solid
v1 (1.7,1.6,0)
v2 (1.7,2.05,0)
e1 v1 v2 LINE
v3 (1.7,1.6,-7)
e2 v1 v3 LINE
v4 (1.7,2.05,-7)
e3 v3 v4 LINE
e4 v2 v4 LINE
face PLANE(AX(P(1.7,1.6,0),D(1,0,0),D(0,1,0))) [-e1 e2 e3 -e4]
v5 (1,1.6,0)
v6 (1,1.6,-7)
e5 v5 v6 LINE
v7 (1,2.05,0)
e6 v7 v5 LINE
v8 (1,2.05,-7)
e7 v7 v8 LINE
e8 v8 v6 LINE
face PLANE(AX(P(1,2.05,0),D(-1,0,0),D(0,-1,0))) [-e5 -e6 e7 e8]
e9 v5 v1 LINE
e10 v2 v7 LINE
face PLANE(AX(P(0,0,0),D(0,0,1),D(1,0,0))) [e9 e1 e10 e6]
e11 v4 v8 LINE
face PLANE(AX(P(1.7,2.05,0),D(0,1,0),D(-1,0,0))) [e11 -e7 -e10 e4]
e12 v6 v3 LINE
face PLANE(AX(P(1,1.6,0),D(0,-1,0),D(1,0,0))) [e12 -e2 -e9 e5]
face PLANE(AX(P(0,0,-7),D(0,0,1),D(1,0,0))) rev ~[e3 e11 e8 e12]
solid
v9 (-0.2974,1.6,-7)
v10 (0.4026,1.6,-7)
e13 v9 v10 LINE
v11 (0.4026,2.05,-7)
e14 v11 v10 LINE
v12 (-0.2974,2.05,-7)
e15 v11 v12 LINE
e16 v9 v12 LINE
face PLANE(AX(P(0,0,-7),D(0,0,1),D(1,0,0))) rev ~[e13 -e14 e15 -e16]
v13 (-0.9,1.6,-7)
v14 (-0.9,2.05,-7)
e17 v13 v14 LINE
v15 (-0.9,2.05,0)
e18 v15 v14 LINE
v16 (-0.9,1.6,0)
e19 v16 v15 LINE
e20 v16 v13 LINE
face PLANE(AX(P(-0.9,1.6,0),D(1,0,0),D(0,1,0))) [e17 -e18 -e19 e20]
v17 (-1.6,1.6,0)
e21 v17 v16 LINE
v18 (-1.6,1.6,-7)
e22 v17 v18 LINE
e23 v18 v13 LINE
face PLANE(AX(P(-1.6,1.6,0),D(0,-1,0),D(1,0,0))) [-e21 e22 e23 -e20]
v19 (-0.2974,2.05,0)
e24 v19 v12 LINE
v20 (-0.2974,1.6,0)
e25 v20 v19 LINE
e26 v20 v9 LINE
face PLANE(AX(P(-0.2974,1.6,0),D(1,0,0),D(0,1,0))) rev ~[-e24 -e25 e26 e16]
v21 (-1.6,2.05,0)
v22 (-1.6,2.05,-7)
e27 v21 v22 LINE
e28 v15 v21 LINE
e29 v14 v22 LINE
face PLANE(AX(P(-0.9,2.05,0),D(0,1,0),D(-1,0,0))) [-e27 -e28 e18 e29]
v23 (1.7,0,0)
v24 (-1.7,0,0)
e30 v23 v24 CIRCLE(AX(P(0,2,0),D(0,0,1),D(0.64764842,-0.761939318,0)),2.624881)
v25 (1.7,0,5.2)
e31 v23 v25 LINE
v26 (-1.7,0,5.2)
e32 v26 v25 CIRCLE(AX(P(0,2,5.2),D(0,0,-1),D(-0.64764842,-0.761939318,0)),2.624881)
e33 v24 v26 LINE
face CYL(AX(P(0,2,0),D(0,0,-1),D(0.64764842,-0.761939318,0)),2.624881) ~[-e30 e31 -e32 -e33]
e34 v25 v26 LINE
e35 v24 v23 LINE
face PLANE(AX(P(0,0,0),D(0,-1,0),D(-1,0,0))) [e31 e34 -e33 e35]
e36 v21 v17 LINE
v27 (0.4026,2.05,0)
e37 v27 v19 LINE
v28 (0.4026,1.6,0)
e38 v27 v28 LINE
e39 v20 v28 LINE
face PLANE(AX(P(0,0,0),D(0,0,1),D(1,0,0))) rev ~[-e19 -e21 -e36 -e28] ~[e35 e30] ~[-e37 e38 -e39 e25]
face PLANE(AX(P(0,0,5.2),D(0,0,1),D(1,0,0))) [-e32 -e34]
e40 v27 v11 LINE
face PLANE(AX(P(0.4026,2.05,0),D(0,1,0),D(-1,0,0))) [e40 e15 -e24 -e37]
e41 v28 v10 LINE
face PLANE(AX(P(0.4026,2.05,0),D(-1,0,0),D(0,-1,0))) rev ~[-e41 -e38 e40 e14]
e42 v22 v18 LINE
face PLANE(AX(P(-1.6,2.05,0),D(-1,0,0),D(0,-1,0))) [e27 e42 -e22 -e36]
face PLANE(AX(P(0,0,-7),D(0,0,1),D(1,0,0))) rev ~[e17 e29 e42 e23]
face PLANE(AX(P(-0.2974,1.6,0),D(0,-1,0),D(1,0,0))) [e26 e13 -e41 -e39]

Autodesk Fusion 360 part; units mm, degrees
sketch "Sketch1" plane through (0, 0, 0) normal (0, 0, 1) x (1, 0, 0)
  line L0 (0, 0) -> (-1.725, 0)
  line L1 (-1.725, 0) -> (-1.725, 0.0215)
  line L2 (1.725, 0) -> (1.725, 0.0215)
  line L3 (0, 0) -> (1.725, 0)
  arc A0 (1.7, 0) -> (-1.7, 0) centre (0, 2) ccw
  line L4 (-1.6, 1.6) -> (1.7, 1.6)
  line L5 (1.7, 1.6) -> (1.7, 2.05)
  line L6 (1.7, 2.05) -> (-1.6, 2.05)
  line L7 (-1.6, 2.05) -> (-1.6, 1.6)
  line L8 (-1.6, 1.6) -> (-0.9, 1.6)
  line L9 (-0.9, 1.6) -> (-0.9, 2.05)
  line L10 (-0.9, 2.05) -> (-1.6, 2.05)
  line L11 (-1.6, 2.05) -> (-1.6, 1.6)
  line L12 (1.7, 2.05) -> (1, 2.05)
  line L13 (1, 2.05) -> (1, 1.6)
  line L14 (1, 1.6) -> (1.7, 1.6)
  line L15 (1.7, 1.6) -> (1.7, 2.05)
  line L16 (-0.2974, 2.05) -> (0.4026, 2.05)
  line L17 (0.4026, 2.05) -> (0.4026, 1.6)
  line L18 (0.4026, 1.6) -> (-0.2974, 1.6)
  line L19 (-0.2974, 1.6) -> (-0.2974, 2.05)
  dimension "d7" = 3.3
  dimension "d8" = 0.45
  dimension "d9" = 0.7
  dimension "d10" = 0.7
  dimension "d11" = 0.7
extrude "Extrude2" add sketch "Sketch1" against normal blind 7 contours L4 L5 L6 L12 L13 L14 L15 makes body 1
extrude "Extrude1" add sketch "Sketch1" along normal blind 5.2 separate body contours L0 L3 A0 | L4 L6 L7 L8 L9 L10 L11 | L4 L6 L9 L19 | L4 L6 L16 L17 L18 L19 | L4 L6 L13 L17 | L4 L5 L6 L12 L13 L14 L15 makes body 2
extrude "Extrude3" add sketch "Sketch1" against normal blind 7 contours L4 L6 L16 L17 L18 L19 bodies 2
extrude "Extrude4" add sketch "Sketch1" against normal blind 7 contours L4 L6 L7 L8 L9 L10 L11 bodies 2
sketch "Sketch2" plane through (0, 0, 0) normal (0, -1, 0) x (1, 0, 0)
  line L0 (-1.7, 0) -> (1.7, 0)
  line L1 (1.7, 0) -> (1.7, 5.2)
  line L2 (1.7, 5.2) -> (-1.7, 5.2)
  line L3 (-1.7, 5.2) -> (-1.7, 0)
  line L4 (-1.3801, 3.7908) -> (-1.3801, 4.4908)
  line L5 (-1.3801, 4.4908) -> (-1.1175, 4.4908)
  spline S0 degree 2 poles (-1.1175, 4.4908) (-1.0373, 4.4908) (-0.9888, 4.4696) knots 0 0 0 1 1 1
  spline S1 degree 2 poles (-0.9888, 4.4696) (-0.9403, 4.4483) (-0.9129, 4.4042) knots 0 0 0 1 1 1
  spline S2 degree 2 poles (-0.9129, 4.4042) (-0.8854, 4.36) (-0.8854, 4.3118) knots 0 0 0 1 1 1
  spline S3 degree 2 poles (-0.8854, 4.3118) (-0.8854, 4.2669) (-0.9098, 4.2273) knots 0 0 0 1 1 1
  spline S4 degree 2 poles (-0.9098, 4.2273) (-0.9341, 4.1876) (-0.9833, 4.1633) knots 0 0 0 1 1 1
  spline S5 degree 2 poles (-0.9833, 4.1633) (-0.9198, 4.1447) (-0.8857, 4.0998) knots 0 0 0 1 1 1
  spline S6 degree 2 poles (-0.8857, 4.0998) (-0.8515, 4.0549) (-0.8515, 3.9938) knots 0 0 0 1 1 1
  spline S7 degree 2 poles (-0.8515, 3.9938) (-0.8515, 3.9446) (-0.8723, 3.9023) knots 0 0 0 1 1 1
  spline S8 degree 2 poles (-0.8723, 3.9023) (-0.8931, 3.8601) (-0.9236, 3.8372) knots 0 0 0 1 1 1
  spline S9 degree 2 poles (-0.9236, 3.8372) (-0.9542, 3.8142) (-1.0003, 3.8025) knots 0 0 0 1 1 1
  spline S10 degree 2 poles (-1.0003, 3.8025) (-1.0463, 3.7908) (-1.1132, 3.7908) knots 0 0 0 1 1 1
  line L6 (-1.1132, 3.7908) -> (-1.3801, 3.7908)
  line L7 (-1.2875, 4.1967) -> (-1.1361, 4.1967)
  spline S11 degree 2 poles (-1.1361, 4.1967) (-1.0745, 4.1967) (-1.0478, 4.2048) knots 0 0 0 1 1 1
  spline S12 degree 2 poles (-1.0478, 4.2048) (-1.0124, 4.2153) (-0.9945, 4.2397) knots 0 0 0 1 1 1
  spline S13 degree 2 poles (-0.9945, 4.2397) (-0.9766, 4.264) (-0.9766, 4.3008) knots 0 0 0 1 1 1
  spline S14 degree 2 poles (-0.9766, 4.3008) (-0.9766, 4.3357) (-0.9933, 4.3622) knots 0 0 0 1 1 1
  spline S15 degree 2 poles (-0.9933, 4.3622) (-1.01, 4.3887) (-1.0411, 4.3984) knots 0 0 0 1 1 1
  spline S16 degree 2 poles (-1.0411, 4.3984) (-1.0721, 4.4082) (-1.1476, 4.4082) knots 0 0 0 1 1 1
  line L8 (-1.1476, 4.4082) -> (-1.2875, 4.4082)
  line L9 (-1.2875, 4.4082) -> (-1.2875, 4.1967)
  line L10 (-1.2875, 3.8734) -> (-1.1132, 3.8734)
  spline S17 degree 2 poles (-1.1132, 3.8734) (-1.0683, 3.8734) (-1.0502, 3.8768) knots 0 0 0 1 1 1
  spline S18 degree 2 poles (-1.0502, 3.8768) (-1.0182, 3.8825) (-0.9967, 3.8959) knots 0 0 0 1 1 1
  spline S19 degree 2 poles (-0.9967, 3.8959) (-0.9752, 3.9093) (-0.9613, 3.9348) knots 0 0 0 1 1 1
  spline S20 degree 2 poles (-0.9613, 3.9348) (-0.9475, 3.9603) (-0.9475, 3.9938) knots 0 0 0 1 1 1
  spline S21 degree 2 poles (-0.9475, 3.9938) (-0.9475, 4.0329) (-0.9676, 4.0618) knots 0 0 0 1 1 1
  spline S22 degree 2 poles (-0.9676, 4.0618) (-0.9876, 4.0907) (-1.0232, 4.1024) knots 0 0 0 1 1 1
  spline S23 degree 2 poles (-1.0232, 4.1024) (-1.0588, 4.1141) (-1.1256, 4.1141) knots 0 0 0 1 1 1
  line L11 (-1.1256, 4.1141) -> (-1.2875, 4.1141)
  line L12 (-1.2875, 4.1141) -> (-1.2875, 3.8734)
  line L13 (-0.2246, 4.0363) -> (-0.1319, 4.0129)
  spline S24 degree 2 poles (-0.1319, 4.0129) (-0.1611, 3.8988) (-0.2368, 3.8388) knots 0 0 0 1 1 1
  spline S25 degree 2 poles (-0.2368, 3.8388) (-0.3124, 3.7789) (-0.4218, 3.7789) knots 0 0 0 1 1 1
  spline S26 degree 2 poles (-0.4218, 3.7789) (-0.5349, 3.7789) (-0.6059, 3.825) knots 0 0 0 1 1 1
  spline S27 degree 2 poles (-0.6059, 3.825) (-0.6768, 3.8711) (-0.7138, 3.9584) knots 0 0 0 1 1 1
  spline S28 degree 2 poles (-0.7138, 3.9584) (-0.7508, 4.0458) (-0.7508, 4.1461) knots 0 0 0 1 1 1
  spline S29 degree 2 poles (-0.7508, 4.1461) (-0.7508, 4.2554) (-0.709, 4.3368) knots 0 0 0 1 1 1
  spline S30 degree 2 poles (-0.709, 4.3368) (-0.6672, 4.4183) (-0.5901, 4.4605) knots 0 0 0 1 1 1
  spline S31 degree 2 poles (-0.5901, 4.4605) (-0.513, 4.5028) (-0.4203, 4.5028) knots 0 0 0 1 1 1
  spline S32 degree 2 poles (-0.4203, 4.5028) (-0.3153, 4.5028) (-0.2437, 4.4493) knots 0 0 0 1 1 1
  spline S33 degree 2 poles (-0.2437, 4.4493) (-0.1721, 4.3958) (-0.1439, 4.2989) knots 0 0 0 1 1 1
  line L14 (-0.1439, 4.2989) -> (-0.2351, 4.2774)
  spline S34 degree 2 poles (-0.2351, 4.2774) (-0.2594, 4.3538) (-0.3058, 4.3887) knots 0 0 0 1 1 1
  spline S35 degree 2 poles (-0.3058, 4.3887) (-0.3521, 4.4235) (-0.4223, 4.4235) knots 0 0 0 1 1 1
  spline S36 degree 2 poles (-0.4223, 4.4235) (-0.503, 4.4235) (-0.5571, 4.3848) knots 0 0 0 1 1 1
  spline S37 degree 2 poles (-0.5571, 4.3848) (-0.6113, 4.3462) (-0.6333, 4.281) knots 0 0 0 1 1 1
  spline S38 degree 2 poles (-0.6333, 4.281) (-0.6553, 4.2158) (-0.6553, 4.1466) knots 0 0 0 1 1 1
  spline S39 degree 2 poles (-0.6553, 4.1466) (-0.6553, 4.0573) (-0.6292, 3.9907) knots 0 0 0 1 1 1
  spline S40 degree 2 poles (-0.6292, 3.9907) (-0.6032, 3.9241) (-0.5483, 3.8911) knots 0 0 0 1 1 1
  spline S41 degree 2 poles (-0.5483, 3.8911) (-0.4934, 3.8582) (-0.4294, 3.8582) knots 0 0 0 1 1 1
  spline S42 degree 2 poles (-0.4294, 3.8582) (-0.3516, 3.8582) (-0.2976, 3.903) knots 0 0 0 1 1 1
  spline S43 degree 2 poles (-0.2976, 3.903) (-0.2437, 3.9479) (-0.2246, 4.0363) knots 0 0 0 1 1 1
  line L15 (-0.0522, 3.9756) -> (0.0337, 3.9871)
  spline S44 degree 2 poles (0.0337, 3.9871) (0.0485, 3.914) (0.0841, 3.8818) knots 0 0 0 1 1 1
  spline S45 degree 2 poles (0.0841, 3.8818) (0.1197, 3.8496) (0.1708, 3.8496) knots 0 0 0 1 1 1
  spline S46 degree 2 poles (0.1708, 3.8496) (0.2314, 3.8496) (0.2732, 3.8916) knots 0 0 0 1 1 1
  spline S47 degree 2 poles (0.2732, 3.8916) (0.315, 3.9336) (0.315, 3.9957) knots 0 0 0 1 1 1
  spline S48 degree 2 poles (0.315, 3.9957) (0.315, 4.0549) (0.2763, 4.0933) knots 0 0 0 1 1 1
  spline S49 degree 2 poles (0.2763, 4.0933) (0.2376, 4.1318) (0.1779, 4.1318) knots 0 0 0 1 1 1
  spline S50 degree 2 poles (0.1779, 4.1318) (0.1536, 4.1318) (0.1173, 4.1222) knots 0 0 0 1 1 1
  line L16 (0.1173, 4.1222) -> (0.1269, 4.1977)
  spline S51 degree 2 poles (0.1269, 4.1977) (0.1355, 4.1967) (0.1407, 4.1967) knots 0 0 0 1 1 1
  spline S52 degree 2 poles (0.1407, 4.1967) (0.1956, 4.1967) (0.2395, 4.2254) knots 0 0 0 1 1 1
  spline S53 degree 2 poles (0.2395, 4.2254) (0.2835, 4.254) (0.2835, 4.3137) knots 0 0 0 1 1 1
  spline S54 degree 2 poles (0.2835, 4.3137) (0.2835, 4.361) (0.2515, 4.392) knots 0 0 0 1 1 1
  spline S55 degree 2 poles (0.2515, 4.392) (0.2195, 4.423) (0.1689, 4.423) knots 0 0 0 1 1 1
  spline S56 degree 2 poles (0.1689, 4.423) (0.1187, 4.423) (0.0853, 4.3915) knots 0 0 0 1 1 1
  spline S57 degree 2 poles (0.0853, 4.3915) (0.0519, 4.36) (0.0423, 4.297) knots 0 0 0 1 1 1
  line L17 (0.0423, 4.297) -> (-0.0436, 4.3123)
  spline S58 degree 2 poles (-0.0436, 4.3123) (-0.0279, 4.3987) (0.028, 4.4462) knots 0 0 0 1 1 1
  spline S59 degree 2 poles (0.028, 4.4462) (0.0839, 4.4937) (0.167, 4.4937) knots 0 0 0 1 1 1
  spline S60 degree 2 poles (0.167, 4.4937) (0.2243, 4.4937) (0.2725, 4.4691) knots 0 0 0 1 1 1
  spline S61 degree 2 poles (0.2725, 4.4691) (0.3207, 4.4445) (0.3463, 4.402) knots 0 0 0 1 1 1
  spline S62 degree 2 poles (0.3463, 4.402) (0.3718, 4.3595) (0.3718, 4.3118) knots 0 0 0 1 1 1
  spline S63 degree 2 poles (0.3718, 4.3118) (0.3718, 4.2664) (0.3475, 4.2292) knots 0 0 0 1 1 1
  spline S64 degree 2 poles (0.3475, 4.2292) (0.3231, 4.1919) (0.2754, 4.17) knots 0 0 0 1 1 1
  spline S65 degree 2 poles (0.2754, 4.17) (0.3374, 4.1556) (0.3718, 4.1105) knots 0 0 0 1 1 1
  spline S66 degree 2 poles (0.3718, 4.1105) (0.4062, 4.0654) (0.4062, 3.9976) knots 0 0 0 1 1 1
  spline S67 degree 2 poles (0.4062, 3.9976) (0.4062, 3.9059) (0.3393, 3.8422) knots 0 0 0 1 1 1
  spline S68 degree 2 poles (0.3393, 3.8422) (0.2725, 3.7784) (0.1703, 3.7784) knots 0 0 0 1 1 1
  spline S69 degree 2 poles (0.1703, 3.7784) (0.0782, 3.7784) (0.0173, 3.8333) knots 0 0 0 1 1 1
  spline S70 degree 2 poles (0.0173, 3.8333) (-0.0436, 3.8882) (-0.0522, 3.9756) knots 0 0 0 1 1 1
  line L18 (0.4917, 3.9756) -> (0.5776, 3.9871)
  spline S71 degree 2 poles (0.5776, 3.9871) (0.5924, 3.914) (0.628, 3.8818) knots 0 0 0 1 1 1
  spline S72 degree 2 poles (0.628, 3.8818) (0.6636, 3.8496) (0.7146, 3.8496) knots 0 0 0 1 1 1
  spline S73 degree 2 poles (0.7146, 3.8496) (0.7753, 3.8496) (0.8171, 3.8916) knots 0 0 0 1 1 1
  spline S74 degree 2 poles (0.8171, 3.8916) (0.8588, 3.9336) (0.8588, 3.9957) knots 0 0 0 1 1 1
  spline S75 degree 2 poles (0.8588, 3.9957) (0.8588, 4.0549) (0.8202, 4.0933) knots 0 0 0 1 1 1
  spline S76 degree 2 poles (0.8202, 4.0933) (0.7815, 4.1318) (0.7218, 4.1318) knots 0 0 0 1 1 1
  spline S77 degree 2 poles (0.7218, 4.1318) (0.6975, 4.1318) (0.6612, 4.1222) knots 0 0 0 1 1 1
  line L19 (0.6612, 4.1222) -> (0.6707, 4.1977)
  spline S78 degree 2 poles (0.6707, 4.1977) (0.6793, 4.1967) (0.6846, 4.1967) knots 0 0 0 1 1 1
  spline S79 degree 2 poles (0.6846, 4.1967) (0.7395, 4.1967) (0.7834, 4.2254) knots 0 0 0 1 1 1
  spline S80 degree 2 poles (0.7834, 4.2254) (0.8273, 4.254) (0.8273, 4.3137) knots 0 0 0 1 1 1
  spline S81 degree 2 poles (0.8273, 4.3137) (0.8273, 4.361) (0.7953, 4.392) knots 0 0 0 1 1 1
  spline S82 degree 2 poles (0.7953, 4.392) (0.7633, 4.423) (0.7127, 4.423) knots 0 0 0 1 1 1
  spline S83 degree 2 poles (0.7127, 4.423) (0.6626, 4.423) (0.6292, 4.3915) knots 0 0 0 1 1 1
  spline S84 degree 2 poles (0.6292, 4.3915) (0.5958, 4.36) (0.5862, 4.297) knots 0 0 0 1 1 1
  line L20 (0.5862, 4.297) -> (0.5003, 4.3123)
  spline S85 degree 2 poles (0.5003, 4.3123) (0.516, 4.3987) (0.5719, 4.4462) knots 0 0 0 1 1 1
  spline S86 degree 2 poles (0.5719, 4.4462) (0.6277, 4.4937) (0.7108, 4.4937) knots 0 0 0 1 1 1
  spline S87 degree 2 poles (0.7108, 4.4937) (0.7681, 4.4937) (0.8164, 4.4691) knots 0 0 0 1 1 1
  spline S88 degree 2 poles (0.8164, 4.4691) (0.8646, 4.4445) (0.8901, 4.402) knots 0 0 0 1 1 1
  spline S89 degree 2 poles (0.8901, 4.402) (0.9157, 4.3595) (0.9157, 4.3118) knots 0 0 0 1 1 1
  spline S90 degree 2 poles (0.9157, 4.3118) (0.9157, 4.2664) (0.8913, 4.2292) knots 0 0 0 1 1 1
  spline S91 degree 2 poles (0.8913, 4.2292) (0.867, 4.1919) (0.8192, 4.17) knots 0 0 0 1 1 1
  spline S92 degree 2 poles (0.8192, 4.17) (0.8813, 4.1556) (0.9157, 4.1105) knots 0 0 0 1 1 1
  spline S93 degree 2 poles (0.9157, 4.1105) (0.95, 4.0654) (0.95, 3.9976) knots 0 0 0 1 1 1
  spline S94 degree 2 poles (0.95, 3.9976) (0.95, 3.9059) (0.8832, 3.8422) knots 0 0 0 1 1 1
  spline S95 degree 2 poles (0.8832, 3.8422) (0.8164, 3.7784) (0.7142, 3.7784) knots 0 0 0 1 1 1
  spline S96 degree 2 poles (0.7142, 3.7784) (0.622, 3.7784) (0.5611, 3.8333) knots 0 0 0 1 1 1
  spline S97 degree 2 poles (0.5611, 3.8333) (0.5003, 3.8882) (0.4917, 3.9756) knots 0 0 0 1 1 1
  line L21 (1.0408, 4.3992) -> (1.0408, 4.4818)
  line L22 (1.0408, 4.4818) -> (1.4939, 4.4818)
  line L23 (1.4939, 4.4818) -> (1.4939, 4.4149)
  spline S98 degree 2 poles (1.4939, 4.4149) (1.4271, 4.3438) (1.3614, 4.2258) knots 0 0 0 1 1 1
  spline S99 degree 2 poles (1.3614, 4.2258) (1.2958, 4.1079) (1.2599, 3.9833) knots 0 0 0 1 1 1
  spline S100 degree 2 poles (1.2599, 3.9833) (1.2342, 3.8954) (1.227, 3.7908) knots 0 0 0 1 1 1
  line L24 (1.227, 3.7908) -> (1.1387, 3.7908)
  spline S101 degree 2 poles (1.1387, 3.7908) (1.1401, 3.8734) (1.1711, 3.9904) knots 0 0 0 1 1 1
  spline S102 degree 2 poles (1.1711, 3.9904) (1.2022, 4.1074) (1.2602, 4.216) knots 0 0 0 1 1 1
  spline S103 degree 2 poles (1.2602, 4.216) (1.3182, 4.3247) (1.3836, 4.3992) knots 0 0 0 1 1 1
  line L25 (1.3836, 4.3992) -> (1.0408, 4.3992)
